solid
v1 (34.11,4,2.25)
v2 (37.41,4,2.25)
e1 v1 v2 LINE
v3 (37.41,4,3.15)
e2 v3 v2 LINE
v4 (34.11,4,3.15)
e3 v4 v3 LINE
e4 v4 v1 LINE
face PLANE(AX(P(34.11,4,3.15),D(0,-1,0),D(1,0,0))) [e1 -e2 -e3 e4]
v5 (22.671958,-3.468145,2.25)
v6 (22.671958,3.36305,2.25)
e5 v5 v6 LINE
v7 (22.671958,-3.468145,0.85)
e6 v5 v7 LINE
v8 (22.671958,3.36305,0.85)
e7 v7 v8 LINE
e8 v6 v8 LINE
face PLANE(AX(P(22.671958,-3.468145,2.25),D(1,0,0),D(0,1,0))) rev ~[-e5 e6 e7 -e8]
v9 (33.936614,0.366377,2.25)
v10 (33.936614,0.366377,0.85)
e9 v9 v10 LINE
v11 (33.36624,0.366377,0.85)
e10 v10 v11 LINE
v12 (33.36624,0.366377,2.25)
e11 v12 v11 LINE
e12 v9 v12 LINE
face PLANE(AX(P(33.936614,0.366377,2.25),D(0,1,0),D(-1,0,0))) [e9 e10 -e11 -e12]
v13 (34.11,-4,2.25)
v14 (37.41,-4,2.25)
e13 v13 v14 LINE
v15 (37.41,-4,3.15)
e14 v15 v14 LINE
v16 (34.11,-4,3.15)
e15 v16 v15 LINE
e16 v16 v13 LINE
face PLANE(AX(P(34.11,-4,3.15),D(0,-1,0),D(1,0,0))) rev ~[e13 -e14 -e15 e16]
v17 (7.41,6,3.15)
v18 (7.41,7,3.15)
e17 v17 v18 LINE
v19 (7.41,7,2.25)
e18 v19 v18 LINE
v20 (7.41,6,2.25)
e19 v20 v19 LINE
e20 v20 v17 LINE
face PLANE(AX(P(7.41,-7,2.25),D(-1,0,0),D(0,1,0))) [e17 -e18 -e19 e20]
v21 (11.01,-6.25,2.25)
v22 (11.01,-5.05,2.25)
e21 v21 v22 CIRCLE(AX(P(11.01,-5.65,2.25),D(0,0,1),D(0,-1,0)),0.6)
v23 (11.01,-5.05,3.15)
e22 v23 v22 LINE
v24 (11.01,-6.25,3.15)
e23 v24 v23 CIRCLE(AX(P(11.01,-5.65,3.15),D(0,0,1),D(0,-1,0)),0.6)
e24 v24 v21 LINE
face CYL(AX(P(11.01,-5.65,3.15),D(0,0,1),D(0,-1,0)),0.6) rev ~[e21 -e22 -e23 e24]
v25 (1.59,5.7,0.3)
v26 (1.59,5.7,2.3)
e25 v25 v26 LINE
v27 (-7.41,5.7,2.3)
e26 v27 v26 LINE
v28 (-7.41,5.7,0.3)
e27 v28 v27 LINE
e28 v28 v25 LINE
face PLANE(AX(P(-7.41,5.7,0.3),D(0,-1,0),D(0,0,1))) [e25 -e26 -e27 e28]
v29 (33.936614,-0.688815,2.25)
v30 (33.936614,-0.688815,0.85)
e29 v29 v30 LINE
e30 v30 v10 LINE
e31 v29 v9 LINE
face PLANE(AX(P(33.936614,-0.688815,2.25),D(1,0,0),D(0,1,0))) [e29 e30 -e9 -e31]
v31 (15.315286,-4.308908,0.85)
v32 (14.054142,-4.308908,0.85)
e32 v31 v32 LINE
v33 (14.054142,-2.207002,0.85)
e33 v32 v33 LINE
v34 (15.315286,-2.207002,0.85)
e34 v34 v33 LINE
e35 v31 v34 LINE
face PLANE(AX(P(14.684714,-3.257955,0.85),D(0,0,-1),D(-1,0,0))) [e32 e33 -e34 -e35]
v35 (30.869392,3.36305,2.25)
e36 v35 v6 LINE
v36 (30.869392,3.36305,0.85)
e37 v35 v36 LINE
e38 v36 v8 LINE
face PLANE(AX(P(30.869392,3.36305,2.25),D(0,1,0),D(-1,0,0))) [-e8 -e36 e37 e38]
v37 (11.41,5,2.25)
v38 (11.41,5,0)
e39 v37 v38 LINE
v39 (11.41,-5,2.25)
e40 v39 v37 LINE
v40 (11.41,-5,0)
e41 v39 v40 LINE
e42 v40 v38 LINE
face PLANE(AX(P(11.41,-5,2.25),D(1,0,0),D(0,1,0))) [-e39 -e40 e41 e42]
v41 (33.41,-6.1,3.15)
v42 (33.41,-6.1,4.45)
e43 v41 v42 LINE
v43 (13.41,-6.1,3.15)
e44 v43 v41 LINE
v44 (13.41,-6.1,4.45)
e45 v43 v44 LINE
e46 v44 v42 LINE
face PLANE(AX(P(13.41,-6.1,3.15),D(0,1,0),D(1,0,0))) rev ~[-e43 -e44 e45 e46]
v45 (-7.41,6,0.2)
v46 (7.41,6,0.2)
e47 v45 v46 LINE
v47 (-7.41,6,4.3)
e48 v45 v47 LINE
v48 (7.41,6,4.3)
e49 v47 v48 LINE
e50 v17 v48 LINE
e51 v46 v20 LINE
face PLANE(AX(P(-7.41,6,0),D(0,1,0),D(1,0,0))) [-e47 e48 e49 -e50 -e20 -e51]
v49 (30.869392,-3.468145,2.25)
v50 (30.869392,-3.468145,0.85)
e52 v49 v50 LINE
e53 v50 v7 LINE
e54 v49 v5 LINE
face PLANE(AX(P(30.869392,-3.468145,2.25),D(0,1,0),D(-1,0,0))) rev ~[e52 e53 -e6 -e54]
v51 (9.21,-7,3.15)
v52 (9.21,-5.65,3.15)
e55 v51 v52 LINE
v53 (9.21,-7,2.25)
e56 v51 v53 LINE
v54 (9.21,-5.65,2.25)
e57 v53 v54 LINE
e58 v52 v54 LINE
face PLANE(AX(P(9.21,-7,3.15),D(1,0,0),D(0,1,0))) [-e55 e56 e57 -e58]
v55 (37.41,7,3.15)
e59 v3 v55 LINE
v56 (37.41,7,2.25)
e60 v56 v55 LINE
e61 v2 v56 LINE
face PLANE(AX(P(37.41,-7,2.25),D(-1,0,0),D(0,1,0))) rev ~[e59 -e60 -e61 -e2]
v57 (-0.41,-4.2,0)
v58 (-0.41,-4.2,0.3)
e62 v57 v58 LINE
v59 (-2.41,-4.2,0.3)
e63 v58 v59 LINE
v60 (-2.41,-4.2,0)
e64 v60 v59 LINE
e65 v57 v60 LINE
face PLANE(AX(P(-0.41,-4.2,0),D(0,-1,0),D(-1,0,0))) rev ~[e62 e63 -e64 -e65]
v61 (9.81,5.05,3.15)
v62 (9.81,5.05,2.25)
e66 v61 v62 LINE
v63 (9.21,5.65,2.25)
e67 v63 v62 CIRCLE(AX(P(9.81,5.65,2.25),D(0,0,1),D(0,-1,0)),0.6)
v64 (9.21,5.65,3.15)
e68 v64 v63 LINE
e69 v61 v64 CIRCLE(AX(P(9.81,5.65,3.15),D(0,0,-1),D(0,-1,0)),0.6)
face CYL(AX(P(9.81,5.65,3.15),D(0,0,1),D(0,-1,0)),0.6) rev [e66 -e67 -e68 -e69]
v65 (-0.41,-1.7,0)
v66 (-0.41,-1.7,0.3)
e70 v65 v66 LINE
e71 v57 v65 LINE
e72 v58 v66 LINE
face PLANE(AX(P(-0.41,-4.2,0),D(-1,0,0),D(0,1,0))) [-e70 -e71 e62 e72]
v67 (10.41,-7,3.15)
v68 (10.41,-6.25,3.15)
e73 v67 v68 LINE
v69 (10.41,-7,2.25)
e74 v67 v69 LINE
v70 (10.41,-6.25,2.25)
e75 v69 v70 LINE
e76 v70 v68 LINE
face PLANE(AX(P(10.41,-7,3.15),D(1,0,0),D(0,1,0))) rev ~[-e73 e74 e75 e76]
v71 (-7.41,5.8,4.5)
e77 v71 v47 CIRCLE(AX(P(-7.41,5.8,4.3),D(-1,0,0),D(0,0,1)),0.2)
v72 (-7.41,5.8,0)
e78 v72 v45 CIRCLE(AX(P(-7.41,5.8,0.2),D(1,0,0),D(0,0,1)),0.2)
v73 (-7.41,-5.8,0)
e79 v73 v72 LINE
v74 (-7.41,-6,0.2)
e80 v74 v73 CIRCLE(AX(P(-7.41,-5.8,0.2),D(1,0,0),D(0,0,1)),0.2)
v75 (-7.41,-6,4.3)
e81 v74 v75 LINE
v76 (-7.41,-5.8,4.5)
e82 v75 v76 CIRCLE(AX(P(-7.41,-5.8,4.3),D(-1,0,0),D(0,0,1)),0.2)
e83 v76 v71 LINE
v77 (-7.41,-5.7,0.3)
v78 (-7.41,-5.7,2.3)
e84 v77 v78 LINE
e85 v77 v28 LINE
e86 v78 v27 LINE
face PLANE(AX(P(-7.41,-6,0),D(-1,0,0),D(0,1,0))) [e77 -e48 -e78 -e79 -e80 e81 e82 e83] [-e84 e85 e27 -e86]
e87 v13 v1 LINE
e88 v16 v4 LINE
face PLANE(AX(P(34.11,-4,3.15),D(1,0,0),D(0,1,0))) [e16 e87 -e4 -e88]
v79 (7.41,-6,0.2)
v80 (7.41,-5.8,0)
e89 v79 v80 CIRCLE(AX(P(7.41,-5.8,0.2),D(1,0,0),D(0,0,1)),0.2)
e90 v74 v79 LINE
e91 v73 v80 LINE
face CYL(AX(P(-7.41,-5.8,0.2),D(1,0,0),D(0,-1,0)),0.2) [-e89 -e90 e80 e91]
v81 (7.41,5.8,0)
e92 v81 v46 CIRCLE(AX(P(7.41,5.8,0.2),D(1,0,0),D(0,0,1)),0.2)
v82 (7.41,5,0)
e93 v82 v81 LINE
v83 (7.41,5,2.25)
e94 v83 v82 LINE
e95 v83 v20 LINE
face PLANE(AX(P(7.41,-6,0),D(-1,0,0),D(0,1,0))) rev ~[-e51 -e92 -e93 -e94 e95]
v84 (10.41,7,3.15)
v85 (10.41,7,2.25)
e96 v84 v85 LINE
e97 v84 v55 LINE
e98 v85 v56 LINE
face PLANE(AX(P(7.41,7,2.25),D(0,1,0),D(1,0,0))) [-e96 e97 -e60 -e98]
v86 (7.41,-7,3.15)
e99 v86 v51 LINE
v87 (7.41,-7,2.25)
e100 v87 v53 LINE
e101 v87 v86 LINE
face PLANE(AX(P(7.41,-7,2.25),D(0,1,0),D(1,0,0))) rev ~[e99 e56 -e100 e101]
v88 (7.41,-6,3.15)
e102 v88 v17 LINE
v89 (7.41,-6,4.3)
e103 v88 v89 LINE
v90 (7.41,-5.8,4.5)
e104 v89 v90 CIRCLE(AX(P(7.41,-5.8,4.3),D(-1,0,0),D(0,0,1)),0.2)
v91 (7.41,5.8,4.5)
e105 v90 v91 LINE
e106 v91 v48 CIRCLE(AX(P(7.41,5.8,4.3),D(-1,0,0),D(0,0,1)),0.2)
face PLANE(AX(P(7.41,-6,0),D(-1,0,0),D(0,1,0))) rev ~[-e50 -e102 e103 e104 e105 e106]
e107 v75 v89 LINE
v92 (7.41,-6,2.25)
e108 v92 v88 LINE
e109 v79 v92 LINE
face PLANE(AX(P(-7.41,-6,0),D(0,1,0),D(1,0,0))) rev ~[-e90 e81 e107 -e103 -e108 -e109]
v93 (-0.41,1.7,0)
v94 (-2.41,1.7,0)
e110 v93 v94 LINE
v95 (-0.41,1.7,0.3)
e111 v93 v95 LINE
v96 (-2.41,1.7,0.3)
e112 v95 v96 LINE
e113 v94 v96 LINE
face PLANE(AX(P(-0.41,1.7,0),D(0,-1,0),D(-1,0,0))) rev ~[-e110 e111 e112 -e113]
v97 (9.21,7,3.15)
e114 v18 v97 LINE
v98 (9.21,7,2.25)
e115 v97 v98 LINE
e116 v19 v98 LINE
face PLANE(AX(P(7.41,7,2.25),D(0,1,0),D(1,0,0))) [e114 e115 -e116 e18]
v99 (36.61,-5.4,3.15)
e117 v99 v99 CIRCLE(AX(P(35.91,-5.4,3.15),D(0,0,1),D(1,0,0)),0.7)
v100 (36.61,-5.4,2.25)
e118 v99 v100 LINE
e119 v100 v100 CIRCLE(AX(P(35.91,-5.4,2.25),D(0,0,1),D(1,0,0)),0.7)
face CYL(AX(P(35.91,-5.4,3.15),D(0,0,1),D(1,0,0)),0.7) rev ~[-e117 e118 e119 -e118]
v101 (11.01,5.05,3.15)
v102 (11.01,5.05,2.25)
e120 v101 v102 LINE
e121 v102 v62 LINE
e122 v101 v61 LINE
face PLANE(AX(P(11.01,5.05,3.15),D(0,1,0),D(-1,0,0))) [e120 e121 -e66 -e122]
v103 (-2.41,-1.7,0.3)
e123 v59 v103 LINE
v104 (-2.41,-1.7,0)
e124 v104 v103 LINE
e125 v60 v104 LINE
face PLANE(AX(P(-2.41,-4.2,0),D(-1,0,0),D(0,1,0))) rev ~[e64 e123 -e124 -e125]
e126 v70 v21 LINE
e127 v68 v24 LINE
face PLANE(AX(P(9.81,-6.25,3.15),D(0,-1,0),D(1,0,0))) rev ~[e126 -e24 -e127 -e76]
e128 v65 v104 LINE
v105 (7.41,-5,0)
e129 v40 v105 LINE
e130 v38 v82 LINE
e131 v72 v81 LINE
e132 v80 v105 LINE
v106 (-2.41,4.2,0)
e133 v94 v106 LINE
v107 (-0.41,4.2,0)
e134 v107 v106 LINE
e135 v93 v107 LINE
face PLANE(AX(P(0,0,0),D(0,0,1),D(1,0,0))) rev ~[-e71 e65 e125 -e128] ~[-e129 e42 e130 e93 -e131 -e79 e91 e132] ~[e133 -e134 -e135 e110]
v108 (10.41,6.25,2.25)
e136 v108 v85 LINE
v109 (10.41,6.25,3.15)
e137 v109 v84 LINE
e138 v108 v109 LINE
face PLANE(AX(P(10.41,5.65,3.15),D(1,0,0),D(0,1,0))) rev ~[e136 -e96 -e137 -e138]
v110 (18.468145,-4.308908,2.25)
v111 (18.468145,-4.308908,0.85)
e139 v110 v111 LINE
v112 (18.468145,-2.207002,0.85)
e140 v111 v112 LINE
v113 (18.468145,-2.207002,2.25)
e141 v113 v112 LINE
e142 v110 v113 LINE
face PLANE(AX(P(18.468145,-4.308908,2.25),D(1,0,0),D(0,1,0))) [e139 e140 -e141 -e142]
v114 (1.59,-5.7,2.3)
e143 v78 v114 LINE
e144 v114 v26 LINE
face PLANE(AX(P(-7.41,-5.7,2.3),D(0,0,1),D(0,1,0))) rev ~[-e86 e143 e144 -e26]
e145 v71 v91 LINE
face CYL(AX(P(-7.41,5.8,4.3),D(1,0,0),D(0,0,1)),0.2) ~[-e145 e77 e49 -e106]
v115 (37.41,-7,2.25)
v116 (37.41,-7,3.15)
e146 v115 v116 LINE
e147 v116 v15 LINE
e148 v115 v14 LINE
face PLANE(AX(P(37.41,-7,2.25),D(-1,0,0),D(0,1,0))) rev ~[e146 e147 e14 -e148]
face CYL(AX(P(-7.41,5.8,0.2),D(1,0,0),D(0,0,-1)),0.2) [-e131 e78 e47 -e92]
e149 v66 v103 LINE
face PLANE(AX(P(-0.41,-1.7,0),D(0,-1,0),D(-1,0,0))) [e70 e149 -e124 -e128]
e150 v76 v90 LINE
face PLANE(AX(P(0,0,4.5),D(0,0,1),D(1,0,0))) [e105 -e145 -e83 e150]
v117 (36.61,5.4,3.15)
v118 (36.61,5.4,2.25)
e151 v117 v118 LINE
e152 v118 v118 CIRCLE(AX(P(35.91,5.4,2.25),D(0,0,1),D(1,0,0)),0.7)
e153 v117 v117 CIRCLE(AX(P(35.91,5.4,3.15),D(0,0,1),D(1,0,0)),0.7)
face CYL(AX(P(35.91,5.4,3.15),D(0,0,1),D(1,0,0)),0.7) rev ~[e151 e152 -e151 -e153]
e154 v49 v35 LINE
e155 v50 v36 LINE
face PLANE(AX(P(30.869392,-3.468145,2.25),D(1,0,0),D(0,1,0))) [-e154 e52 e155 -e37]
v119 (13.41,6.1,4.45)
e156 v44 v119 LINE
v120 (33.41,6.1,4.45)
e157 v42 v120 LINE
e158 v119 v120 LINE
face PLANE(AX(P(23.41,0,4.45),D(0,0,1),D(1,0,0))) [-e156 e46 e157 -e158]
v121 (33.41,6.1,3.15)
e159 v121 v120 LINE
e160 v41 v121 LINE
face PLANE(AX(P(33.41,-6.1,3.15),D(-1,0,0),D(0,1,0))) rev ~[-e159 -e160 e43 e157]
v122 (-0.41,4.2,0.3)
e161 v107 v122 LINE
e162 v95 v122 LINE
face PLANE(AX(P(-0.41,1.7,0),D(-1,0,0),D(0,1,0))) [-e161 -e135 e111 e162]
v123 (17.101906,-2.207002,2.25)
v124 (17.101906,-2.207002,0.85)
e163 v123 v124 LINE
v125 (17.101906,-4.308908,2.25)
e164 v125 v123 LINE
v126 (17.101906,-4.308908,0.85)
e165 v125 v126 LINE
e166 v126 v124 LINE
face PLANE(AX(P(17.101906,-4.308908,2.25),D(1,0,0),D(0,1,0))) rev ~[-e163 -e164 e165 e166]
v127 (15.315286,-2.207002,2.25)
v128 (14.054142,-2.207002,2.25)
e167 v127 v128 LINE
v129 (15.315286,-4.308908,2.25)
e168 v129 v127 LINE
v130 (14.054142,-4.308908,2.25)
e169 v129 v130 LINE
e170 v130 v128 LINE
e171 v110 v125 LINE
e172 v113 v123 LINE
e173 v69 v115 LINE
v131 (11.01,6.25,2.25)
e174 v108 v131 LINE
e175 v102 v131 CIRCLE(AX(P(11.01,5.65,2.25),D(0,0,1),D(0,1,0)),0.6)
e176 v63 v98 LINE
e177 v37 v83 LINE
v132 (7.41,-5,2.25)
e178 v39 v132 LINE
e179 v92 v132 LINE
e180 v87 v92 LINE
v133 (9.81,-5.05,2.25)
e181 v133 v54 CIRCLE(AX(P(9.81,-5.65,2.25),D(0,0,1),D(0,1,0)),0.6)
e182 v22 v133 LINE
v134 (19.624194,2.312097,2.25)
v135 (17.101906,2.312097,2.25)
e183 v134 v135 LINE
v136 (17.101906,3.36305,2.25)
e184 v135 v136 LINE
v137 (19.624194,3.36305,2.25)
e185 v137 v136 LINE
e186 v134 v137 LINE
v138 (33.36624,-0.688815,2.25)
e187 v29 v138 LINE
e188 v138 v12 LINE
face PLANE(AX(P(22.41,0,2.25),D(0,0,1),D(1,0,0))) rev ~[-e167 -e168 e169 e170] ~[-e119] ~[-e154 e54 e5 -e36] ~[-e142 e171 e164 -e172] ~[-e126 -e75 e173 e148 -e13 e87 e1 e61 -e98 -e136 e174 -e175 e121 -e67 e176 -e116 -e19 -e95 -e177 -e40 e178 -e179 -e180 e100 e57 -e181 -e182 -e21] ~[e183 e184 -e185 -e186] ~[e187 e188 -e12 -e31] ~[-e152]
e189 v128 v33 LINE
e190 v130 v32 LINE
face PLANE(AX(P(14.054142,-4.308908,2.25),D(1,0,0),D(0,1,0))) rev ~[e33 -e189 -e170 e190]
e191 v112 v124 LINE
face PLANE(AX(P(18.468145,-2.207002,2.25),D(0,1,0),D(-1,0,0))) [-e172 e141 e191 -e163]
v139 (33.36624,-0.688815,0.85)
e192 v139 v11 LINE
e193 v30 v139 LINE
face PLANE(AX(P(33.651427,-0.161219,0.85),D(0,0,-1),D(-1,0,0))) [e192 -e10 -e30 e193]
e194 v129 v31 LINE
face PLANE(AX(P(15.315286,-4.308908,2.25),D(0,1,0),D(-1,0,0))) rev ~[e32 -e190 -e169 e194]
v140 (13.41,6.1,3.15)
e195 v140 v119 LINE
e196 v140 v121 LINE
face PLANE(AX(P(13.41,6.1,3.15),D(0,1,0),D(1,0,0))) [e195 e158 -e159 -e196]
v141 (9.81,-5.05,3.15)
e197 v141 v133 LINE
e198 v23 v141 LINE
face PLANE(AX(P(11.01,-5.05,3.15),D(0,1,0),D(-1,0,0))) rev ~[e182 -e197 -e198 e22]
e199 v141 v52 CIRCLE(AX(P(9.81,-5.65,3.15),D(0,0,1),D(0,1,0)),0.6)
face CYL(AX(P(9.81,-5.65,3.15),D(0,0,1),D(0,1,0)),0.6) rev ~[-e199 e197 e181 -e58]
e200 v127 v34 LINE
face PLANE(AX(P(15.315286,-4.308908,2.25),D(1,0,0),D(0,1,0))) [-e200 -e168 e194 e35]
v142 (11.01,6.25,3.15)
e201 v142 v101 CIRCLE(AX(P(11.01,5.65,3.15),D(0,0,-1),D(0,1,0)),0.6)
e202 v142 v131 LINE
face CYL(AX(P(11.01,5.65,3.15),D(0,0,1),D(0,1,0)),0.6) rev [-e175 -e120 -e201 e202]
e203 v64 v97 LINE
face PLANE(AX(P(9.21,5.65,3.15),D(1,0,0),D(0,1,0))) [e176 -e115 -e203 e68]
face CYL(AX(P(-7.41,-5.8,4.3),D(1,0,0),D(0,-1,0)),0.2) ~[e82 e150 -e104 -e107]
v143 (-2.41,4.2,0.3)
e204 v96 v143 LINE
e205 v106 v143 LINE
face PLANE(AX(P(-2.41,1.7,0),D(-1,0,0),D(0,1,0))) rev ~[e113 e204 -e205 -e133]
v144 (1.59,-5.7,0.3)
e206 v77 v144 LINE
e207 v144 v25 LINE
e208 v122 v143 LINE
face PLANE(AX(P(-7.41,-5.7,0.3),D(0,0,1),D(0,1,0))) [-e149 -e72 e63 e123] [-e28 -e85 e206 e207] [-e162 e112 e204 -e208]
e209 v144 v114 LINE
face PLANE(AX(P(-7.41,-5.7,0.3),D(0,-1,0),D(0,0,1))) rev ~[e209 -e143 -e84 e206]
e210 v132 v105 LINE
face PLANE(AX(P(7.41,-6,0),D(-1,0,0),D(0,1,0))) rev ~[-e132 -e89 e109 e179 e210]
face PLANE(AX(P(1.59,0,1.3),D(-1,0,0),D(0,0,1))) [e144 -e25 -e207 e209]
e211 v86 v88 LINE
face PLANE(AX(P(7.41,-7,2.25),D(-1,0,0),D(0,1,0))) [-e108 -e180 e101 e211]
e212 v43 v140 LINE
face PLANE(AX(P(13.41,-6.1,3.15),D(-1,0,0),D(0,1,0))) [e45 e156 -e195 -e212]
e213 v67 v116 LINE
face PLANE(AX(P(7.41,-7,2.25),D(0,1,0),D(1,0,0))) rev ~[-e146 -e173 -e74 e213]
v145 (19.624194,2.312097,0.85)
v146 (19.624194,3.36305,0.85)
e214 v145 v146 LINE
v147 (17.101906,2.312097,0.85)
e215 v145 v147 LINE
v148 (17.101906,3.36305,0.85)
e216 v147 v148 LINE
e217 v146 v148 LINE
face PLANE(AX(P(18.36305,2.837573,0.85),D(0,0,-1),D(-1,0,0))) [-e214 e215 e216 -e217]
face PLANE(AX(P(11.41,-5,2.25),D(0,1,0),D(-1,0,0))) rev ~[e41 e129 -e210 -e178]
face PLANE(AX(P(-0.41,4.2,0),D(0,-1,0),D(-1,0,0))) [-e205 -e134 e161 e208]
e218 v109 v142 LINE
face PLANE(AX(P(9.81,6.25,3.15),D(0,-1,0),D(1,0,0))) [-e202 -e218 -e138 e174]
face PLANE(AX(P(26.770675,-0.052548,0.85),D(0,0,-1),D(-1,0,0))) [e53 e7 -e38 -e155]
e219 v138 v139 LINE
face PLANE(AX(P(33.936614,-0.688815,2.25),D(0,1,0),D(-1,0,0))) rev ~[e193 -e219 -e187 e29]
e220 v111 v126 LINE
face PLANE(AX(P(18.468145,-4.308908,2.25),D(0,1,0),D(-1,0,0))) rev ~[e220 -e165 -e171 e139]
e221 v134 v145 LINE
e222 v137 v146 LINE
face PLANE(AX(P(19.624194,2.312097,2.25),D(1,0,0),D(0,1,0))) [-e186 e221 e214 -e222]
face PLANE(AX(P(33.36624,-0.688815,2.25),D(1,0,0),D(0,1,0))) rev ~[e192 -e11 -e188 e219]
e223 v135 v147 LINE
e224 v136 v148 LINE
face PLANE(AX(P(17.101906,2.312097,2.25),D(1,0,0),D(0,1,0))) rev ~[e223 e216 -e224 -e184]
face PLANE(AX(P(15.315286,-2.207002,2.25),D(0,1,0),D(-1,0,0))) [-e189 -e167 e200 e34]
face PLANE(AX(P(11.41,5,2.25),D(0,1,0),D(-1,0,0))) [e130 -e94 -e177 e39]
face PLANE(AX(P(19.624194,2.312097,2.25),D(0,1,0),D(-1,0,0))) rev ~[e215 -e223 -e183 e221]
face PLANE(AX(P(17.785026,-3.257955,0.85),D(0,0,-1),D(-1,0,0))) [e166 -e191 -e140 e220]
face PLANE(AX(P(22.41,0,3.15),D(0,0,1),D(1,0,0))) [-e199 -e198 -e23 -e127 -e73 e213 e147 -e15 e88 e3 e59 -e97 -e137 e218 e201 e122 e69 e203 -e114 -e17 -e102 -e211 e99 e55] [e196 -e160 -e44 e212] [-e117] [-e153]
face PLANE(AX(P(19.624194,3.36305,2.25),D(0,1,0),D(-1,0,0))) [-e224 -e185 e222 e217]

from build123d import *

# Parameters (mm, degrees)
ESQUISSE1_W             = 14.82
ESQUISSE1_H             = 12
BOSS_EXTRU_1_DEPTH      = 4.5
ESQUISSE2_W             = 2
ESQUISSE2_H             = 11.4
ENL_V_MAT_EXTRU_1_DEPTH = 9
CONG_1_R                = 0.2
ESQUISSE3_W             = 30
ESQUISSE3_H             = 14
BOSS_EXTRU_2_DEPTH      = 0.9
ENL_V_MAT_EXTRU_2_REACH = 6.5
ESQUISSE4_W             = 2
ESQUISSE4_H             = 2.5
ESQUISSE5_R             = 0.7
ESQUISSE5_W             = 3.3
ESQUISSE5_H             = 8
ENL_V_MAT_EXTRU_3_DEPTH = 4.15
ESQUISSE6_W             = 20
ESQUISSE6_H             = 12.2
BOSS_EXTRU_3_DEPTH      = 1.3
ESQUISSE7_W             = 8.197434371
ESQUISSE7_H             = 6.831195309
ESQUISSE7_W_2           = 1.366239062
ESQUISSE7_H_2           = 2.101906249
ESQUISSE7_W_3           = 1.261143749
ESQUISSE7_W_4           = 2.522287499
ESQUISSE7_H_3           = 1.050953124
ESQUISSE7_W_5           = 0.570374351
ESQUISSE7_H_4           = 1.05519255
BOSS_EXTRU_4_DEPTH      = 1.4
ESQUISSE8_W             = 4
ESQUISSE8_H             = 10
BOSS_EXTRU_5_DEPTH      = 2.25
ESQUISSE9_W             = 1.2
ESQUISSE9_H             = 1.35
ENL_V_MAT_EXTRU_4_DEPTH = 4.15


with BuildPart() as part:
    # Esquisse1 → Boss.-Extru.1 (new body)
    with BuildSketch(Plane.XY):
        Rectangle(ESQUISSE1_W, ESQUISSE1_H)
    extrude(amount=BOSS_EXTRU_1_DEPTH)

    # Esquisse2 → Enlèv. mat.-Extru.1 (cut)
    with BuildSketch(Plane.ZY.offset(7.41)):
        with Locations((1.3, 0)):
            Rectangle(ESQUISSE2_W, ESQUISSE2_H)
    extrude(amount=-ENL_V_MAT_EXTRU_1_DEPTH, mode=Mode.SUBTRACT)

    # Congé1
    cong_1_edges = [part.edges().sort_by_distance(p)[0] for p in [
        (0, -6, 4.5),
        (0, -6, 0),
        (0, 6, 0),
        (0, 6, 4.5),
    ]]
    fillet(cong_1_edges, radius=CONG_1_R)

    # Esquisse3 → Boss.-Extru.2 (add)
    with BuildSketch(Plane.XY.offset(2.25)):
        with Locations((22.41, 0)):
            Rectangle(ESQUISSE3_W, ESQUISSE3_H)
    extrude(amount=BOSS_EXTRU_2_DEPTH)

    # Esquisse4 → Enlèv. mat.-Extru.2 (cut, up to next)
    with BuildSketch(Plane(origin=(0, 0, 0), x_dir=(-1, 0, 0), z_dir=(0, 0, -1)), mode=Mode.PRIVATE) as enl_v_mat_extru_2_sk1:
        with Locations((1.41, 2.95)):
            Rectangle(ESQUISSE4_W, ESQUISSE4_H)
    enl_v_mat_extru_2_tool1 = extrude(enl_v_mat_extru_2_sk1.sketch, amount=-ENL_V_MAT_EXTRU_2_REACH, mode=Mode.PRIVATE) & part.part
    add(enl_v_mat_extru_2_tool1.solids().sort_by_distance((-1.41, 2.95, 0))[0], mode=Mode.SUBTRACT)
    # Esquisse4 → Enlèv. mat.-Extru.2 (cut, up to next)
    with BuildSketch(Plane(origin=(0, 0, 0), x_dir=(-1, 0, 0), z_dir=(0, 0, -1)), mode=Mode.PRIVATE) as enl_v_mat_extru_2_sk2:
        with Locations((1.41, -2.95)):
            Rectangle(ESQUISSE4_W, ESQUISSE4_H)
    enl_v_mat_extru_2_tool2 = extrude(enl_v_mat_extru_2_sk2.sketch, amount=-ENL_V_MAT_EXTRU_2_REACH, mode=Mode.PRIVATE) & part.part
    add(enl_v_mat_extru_2_tool2.solids().sort_by_distance((-1.41, -2.95, 0))[0], mode=Mode.SUBTRACT)

    # Esquisse5 → Enlèv. mat.-Extru.3 (cut, through all)
    with BuildSketch(Plane.XY.offset(3.15)):
        with Locations((35.91, 5.4)):
            Circle(ESQUISSE5_R)
        with Locations((35.91, -5.4)):
            Circle(ESQUISSE5_R)
        with Locations((35.76, 0)):
            Rectangle(ESQUISSE5_W, ESQUISSE5_H)
        with BuildLine():
            Line((9.81, 6.25), (11.01, 6.25))
            ThreePointArc((11.01, 6.25), (11.61, 5.65), (11.01, 5.05))
            Line((11.01, 5.05), (9.81, 5.05))
            ThreePointArc((9.81, 5.05), (9.21, 5.65), (9.81, 6.25))
        make_face()
        with BuildLine():
            Line((9.81, -6.25), (11.01, -6.25))
            ThreePointArc((11.01, -6.25), (11.61, -5.65), (11.01, -5.05))
            Line((11.01, -5.05), (9.81, -5.05))
            ThreePointArc((9.81, -5.05), (9.21, -5.65), (9.81, -6.25))
        make_face()
    extrude(amount=-ENL_V_MAT_EXTRU_3_DEPTH, mode=Mode.SUBTRACT)

    # Esquisse6 → Boss.-Extru.3 (add)
    with BuildSketch(Plane.XY.offset(3.15)):
        with Locations((23.41, 0)):
            Rectangle(ESQUISSE6_W, ESQUISSE6_H)
    extrude(amount=BOSS_EXTRU_3_DEPTH)

    # Esquisse7 → Boss.-Extru.4 (add)
    with BuildSketch(Plane(origin=(0, 0, 2.25), x_dir=(-1, 0, 0), z_dir=(0, 0, -1))):
        with Locations((-26.770674994, -0.052547657)):
            Rectangle(ESQUISSE7_W, ESQUISSE7_H)
        with Locations((-17.78502578, -3.257954686)):
            Rectangle(ESQUISSE7_W_2, ESQUISSE7_H_2)
        with Locations((-14.684714062, -3.257954686)):
            Rectangle(ESQUISSE7_W_3, ESQUISSE7_H_2)
        with Locations((-18.363049999, 2.837573436)):
            Rectangle(ESQUISSE7_W_4, ESQUISSE7_H_3)
        with Locations((-33.651427146, -0.16121887)):
            Rectangle(ESQUISSE7_W_5, ESQUISSE7_H_4)
    extrude(amount=BOSS_EXTRU_4_DEPTH)

    # Esquisse8 → Boss.-Extru.5 (add)
    with BuildSketch(Plane(origin=(0, 0, 2.25), x_dir=(-1, 0, 0), z_dir=(0, 0, -1))):
        with Locations((-9.41, 0)):
            Rectangle(ESQUISSE8_W, ESQUISSE8_H)
    extrude(amount=BOSS_EXTRU_5_DEPTH)

    # Esquisse9 → Enlèv. mat.-Extru.4 (cut, through all)
    with BuildSketch(Plane.XY.offset(3.15)):
        with Locations((9.81, 6.325)):
            Rectangle(ESQUISSE9_W, ESQUISSE9_H)
        with Locations((9.81, -6.325)):
            Rectangle(ESQUISSE9_W, ESQUISSE9_H)
    extrude(amount=-ENL_V_MAT_EXTRU_4_DEPTH, mode=Mode.SUBTRACT)


solid = part.part
